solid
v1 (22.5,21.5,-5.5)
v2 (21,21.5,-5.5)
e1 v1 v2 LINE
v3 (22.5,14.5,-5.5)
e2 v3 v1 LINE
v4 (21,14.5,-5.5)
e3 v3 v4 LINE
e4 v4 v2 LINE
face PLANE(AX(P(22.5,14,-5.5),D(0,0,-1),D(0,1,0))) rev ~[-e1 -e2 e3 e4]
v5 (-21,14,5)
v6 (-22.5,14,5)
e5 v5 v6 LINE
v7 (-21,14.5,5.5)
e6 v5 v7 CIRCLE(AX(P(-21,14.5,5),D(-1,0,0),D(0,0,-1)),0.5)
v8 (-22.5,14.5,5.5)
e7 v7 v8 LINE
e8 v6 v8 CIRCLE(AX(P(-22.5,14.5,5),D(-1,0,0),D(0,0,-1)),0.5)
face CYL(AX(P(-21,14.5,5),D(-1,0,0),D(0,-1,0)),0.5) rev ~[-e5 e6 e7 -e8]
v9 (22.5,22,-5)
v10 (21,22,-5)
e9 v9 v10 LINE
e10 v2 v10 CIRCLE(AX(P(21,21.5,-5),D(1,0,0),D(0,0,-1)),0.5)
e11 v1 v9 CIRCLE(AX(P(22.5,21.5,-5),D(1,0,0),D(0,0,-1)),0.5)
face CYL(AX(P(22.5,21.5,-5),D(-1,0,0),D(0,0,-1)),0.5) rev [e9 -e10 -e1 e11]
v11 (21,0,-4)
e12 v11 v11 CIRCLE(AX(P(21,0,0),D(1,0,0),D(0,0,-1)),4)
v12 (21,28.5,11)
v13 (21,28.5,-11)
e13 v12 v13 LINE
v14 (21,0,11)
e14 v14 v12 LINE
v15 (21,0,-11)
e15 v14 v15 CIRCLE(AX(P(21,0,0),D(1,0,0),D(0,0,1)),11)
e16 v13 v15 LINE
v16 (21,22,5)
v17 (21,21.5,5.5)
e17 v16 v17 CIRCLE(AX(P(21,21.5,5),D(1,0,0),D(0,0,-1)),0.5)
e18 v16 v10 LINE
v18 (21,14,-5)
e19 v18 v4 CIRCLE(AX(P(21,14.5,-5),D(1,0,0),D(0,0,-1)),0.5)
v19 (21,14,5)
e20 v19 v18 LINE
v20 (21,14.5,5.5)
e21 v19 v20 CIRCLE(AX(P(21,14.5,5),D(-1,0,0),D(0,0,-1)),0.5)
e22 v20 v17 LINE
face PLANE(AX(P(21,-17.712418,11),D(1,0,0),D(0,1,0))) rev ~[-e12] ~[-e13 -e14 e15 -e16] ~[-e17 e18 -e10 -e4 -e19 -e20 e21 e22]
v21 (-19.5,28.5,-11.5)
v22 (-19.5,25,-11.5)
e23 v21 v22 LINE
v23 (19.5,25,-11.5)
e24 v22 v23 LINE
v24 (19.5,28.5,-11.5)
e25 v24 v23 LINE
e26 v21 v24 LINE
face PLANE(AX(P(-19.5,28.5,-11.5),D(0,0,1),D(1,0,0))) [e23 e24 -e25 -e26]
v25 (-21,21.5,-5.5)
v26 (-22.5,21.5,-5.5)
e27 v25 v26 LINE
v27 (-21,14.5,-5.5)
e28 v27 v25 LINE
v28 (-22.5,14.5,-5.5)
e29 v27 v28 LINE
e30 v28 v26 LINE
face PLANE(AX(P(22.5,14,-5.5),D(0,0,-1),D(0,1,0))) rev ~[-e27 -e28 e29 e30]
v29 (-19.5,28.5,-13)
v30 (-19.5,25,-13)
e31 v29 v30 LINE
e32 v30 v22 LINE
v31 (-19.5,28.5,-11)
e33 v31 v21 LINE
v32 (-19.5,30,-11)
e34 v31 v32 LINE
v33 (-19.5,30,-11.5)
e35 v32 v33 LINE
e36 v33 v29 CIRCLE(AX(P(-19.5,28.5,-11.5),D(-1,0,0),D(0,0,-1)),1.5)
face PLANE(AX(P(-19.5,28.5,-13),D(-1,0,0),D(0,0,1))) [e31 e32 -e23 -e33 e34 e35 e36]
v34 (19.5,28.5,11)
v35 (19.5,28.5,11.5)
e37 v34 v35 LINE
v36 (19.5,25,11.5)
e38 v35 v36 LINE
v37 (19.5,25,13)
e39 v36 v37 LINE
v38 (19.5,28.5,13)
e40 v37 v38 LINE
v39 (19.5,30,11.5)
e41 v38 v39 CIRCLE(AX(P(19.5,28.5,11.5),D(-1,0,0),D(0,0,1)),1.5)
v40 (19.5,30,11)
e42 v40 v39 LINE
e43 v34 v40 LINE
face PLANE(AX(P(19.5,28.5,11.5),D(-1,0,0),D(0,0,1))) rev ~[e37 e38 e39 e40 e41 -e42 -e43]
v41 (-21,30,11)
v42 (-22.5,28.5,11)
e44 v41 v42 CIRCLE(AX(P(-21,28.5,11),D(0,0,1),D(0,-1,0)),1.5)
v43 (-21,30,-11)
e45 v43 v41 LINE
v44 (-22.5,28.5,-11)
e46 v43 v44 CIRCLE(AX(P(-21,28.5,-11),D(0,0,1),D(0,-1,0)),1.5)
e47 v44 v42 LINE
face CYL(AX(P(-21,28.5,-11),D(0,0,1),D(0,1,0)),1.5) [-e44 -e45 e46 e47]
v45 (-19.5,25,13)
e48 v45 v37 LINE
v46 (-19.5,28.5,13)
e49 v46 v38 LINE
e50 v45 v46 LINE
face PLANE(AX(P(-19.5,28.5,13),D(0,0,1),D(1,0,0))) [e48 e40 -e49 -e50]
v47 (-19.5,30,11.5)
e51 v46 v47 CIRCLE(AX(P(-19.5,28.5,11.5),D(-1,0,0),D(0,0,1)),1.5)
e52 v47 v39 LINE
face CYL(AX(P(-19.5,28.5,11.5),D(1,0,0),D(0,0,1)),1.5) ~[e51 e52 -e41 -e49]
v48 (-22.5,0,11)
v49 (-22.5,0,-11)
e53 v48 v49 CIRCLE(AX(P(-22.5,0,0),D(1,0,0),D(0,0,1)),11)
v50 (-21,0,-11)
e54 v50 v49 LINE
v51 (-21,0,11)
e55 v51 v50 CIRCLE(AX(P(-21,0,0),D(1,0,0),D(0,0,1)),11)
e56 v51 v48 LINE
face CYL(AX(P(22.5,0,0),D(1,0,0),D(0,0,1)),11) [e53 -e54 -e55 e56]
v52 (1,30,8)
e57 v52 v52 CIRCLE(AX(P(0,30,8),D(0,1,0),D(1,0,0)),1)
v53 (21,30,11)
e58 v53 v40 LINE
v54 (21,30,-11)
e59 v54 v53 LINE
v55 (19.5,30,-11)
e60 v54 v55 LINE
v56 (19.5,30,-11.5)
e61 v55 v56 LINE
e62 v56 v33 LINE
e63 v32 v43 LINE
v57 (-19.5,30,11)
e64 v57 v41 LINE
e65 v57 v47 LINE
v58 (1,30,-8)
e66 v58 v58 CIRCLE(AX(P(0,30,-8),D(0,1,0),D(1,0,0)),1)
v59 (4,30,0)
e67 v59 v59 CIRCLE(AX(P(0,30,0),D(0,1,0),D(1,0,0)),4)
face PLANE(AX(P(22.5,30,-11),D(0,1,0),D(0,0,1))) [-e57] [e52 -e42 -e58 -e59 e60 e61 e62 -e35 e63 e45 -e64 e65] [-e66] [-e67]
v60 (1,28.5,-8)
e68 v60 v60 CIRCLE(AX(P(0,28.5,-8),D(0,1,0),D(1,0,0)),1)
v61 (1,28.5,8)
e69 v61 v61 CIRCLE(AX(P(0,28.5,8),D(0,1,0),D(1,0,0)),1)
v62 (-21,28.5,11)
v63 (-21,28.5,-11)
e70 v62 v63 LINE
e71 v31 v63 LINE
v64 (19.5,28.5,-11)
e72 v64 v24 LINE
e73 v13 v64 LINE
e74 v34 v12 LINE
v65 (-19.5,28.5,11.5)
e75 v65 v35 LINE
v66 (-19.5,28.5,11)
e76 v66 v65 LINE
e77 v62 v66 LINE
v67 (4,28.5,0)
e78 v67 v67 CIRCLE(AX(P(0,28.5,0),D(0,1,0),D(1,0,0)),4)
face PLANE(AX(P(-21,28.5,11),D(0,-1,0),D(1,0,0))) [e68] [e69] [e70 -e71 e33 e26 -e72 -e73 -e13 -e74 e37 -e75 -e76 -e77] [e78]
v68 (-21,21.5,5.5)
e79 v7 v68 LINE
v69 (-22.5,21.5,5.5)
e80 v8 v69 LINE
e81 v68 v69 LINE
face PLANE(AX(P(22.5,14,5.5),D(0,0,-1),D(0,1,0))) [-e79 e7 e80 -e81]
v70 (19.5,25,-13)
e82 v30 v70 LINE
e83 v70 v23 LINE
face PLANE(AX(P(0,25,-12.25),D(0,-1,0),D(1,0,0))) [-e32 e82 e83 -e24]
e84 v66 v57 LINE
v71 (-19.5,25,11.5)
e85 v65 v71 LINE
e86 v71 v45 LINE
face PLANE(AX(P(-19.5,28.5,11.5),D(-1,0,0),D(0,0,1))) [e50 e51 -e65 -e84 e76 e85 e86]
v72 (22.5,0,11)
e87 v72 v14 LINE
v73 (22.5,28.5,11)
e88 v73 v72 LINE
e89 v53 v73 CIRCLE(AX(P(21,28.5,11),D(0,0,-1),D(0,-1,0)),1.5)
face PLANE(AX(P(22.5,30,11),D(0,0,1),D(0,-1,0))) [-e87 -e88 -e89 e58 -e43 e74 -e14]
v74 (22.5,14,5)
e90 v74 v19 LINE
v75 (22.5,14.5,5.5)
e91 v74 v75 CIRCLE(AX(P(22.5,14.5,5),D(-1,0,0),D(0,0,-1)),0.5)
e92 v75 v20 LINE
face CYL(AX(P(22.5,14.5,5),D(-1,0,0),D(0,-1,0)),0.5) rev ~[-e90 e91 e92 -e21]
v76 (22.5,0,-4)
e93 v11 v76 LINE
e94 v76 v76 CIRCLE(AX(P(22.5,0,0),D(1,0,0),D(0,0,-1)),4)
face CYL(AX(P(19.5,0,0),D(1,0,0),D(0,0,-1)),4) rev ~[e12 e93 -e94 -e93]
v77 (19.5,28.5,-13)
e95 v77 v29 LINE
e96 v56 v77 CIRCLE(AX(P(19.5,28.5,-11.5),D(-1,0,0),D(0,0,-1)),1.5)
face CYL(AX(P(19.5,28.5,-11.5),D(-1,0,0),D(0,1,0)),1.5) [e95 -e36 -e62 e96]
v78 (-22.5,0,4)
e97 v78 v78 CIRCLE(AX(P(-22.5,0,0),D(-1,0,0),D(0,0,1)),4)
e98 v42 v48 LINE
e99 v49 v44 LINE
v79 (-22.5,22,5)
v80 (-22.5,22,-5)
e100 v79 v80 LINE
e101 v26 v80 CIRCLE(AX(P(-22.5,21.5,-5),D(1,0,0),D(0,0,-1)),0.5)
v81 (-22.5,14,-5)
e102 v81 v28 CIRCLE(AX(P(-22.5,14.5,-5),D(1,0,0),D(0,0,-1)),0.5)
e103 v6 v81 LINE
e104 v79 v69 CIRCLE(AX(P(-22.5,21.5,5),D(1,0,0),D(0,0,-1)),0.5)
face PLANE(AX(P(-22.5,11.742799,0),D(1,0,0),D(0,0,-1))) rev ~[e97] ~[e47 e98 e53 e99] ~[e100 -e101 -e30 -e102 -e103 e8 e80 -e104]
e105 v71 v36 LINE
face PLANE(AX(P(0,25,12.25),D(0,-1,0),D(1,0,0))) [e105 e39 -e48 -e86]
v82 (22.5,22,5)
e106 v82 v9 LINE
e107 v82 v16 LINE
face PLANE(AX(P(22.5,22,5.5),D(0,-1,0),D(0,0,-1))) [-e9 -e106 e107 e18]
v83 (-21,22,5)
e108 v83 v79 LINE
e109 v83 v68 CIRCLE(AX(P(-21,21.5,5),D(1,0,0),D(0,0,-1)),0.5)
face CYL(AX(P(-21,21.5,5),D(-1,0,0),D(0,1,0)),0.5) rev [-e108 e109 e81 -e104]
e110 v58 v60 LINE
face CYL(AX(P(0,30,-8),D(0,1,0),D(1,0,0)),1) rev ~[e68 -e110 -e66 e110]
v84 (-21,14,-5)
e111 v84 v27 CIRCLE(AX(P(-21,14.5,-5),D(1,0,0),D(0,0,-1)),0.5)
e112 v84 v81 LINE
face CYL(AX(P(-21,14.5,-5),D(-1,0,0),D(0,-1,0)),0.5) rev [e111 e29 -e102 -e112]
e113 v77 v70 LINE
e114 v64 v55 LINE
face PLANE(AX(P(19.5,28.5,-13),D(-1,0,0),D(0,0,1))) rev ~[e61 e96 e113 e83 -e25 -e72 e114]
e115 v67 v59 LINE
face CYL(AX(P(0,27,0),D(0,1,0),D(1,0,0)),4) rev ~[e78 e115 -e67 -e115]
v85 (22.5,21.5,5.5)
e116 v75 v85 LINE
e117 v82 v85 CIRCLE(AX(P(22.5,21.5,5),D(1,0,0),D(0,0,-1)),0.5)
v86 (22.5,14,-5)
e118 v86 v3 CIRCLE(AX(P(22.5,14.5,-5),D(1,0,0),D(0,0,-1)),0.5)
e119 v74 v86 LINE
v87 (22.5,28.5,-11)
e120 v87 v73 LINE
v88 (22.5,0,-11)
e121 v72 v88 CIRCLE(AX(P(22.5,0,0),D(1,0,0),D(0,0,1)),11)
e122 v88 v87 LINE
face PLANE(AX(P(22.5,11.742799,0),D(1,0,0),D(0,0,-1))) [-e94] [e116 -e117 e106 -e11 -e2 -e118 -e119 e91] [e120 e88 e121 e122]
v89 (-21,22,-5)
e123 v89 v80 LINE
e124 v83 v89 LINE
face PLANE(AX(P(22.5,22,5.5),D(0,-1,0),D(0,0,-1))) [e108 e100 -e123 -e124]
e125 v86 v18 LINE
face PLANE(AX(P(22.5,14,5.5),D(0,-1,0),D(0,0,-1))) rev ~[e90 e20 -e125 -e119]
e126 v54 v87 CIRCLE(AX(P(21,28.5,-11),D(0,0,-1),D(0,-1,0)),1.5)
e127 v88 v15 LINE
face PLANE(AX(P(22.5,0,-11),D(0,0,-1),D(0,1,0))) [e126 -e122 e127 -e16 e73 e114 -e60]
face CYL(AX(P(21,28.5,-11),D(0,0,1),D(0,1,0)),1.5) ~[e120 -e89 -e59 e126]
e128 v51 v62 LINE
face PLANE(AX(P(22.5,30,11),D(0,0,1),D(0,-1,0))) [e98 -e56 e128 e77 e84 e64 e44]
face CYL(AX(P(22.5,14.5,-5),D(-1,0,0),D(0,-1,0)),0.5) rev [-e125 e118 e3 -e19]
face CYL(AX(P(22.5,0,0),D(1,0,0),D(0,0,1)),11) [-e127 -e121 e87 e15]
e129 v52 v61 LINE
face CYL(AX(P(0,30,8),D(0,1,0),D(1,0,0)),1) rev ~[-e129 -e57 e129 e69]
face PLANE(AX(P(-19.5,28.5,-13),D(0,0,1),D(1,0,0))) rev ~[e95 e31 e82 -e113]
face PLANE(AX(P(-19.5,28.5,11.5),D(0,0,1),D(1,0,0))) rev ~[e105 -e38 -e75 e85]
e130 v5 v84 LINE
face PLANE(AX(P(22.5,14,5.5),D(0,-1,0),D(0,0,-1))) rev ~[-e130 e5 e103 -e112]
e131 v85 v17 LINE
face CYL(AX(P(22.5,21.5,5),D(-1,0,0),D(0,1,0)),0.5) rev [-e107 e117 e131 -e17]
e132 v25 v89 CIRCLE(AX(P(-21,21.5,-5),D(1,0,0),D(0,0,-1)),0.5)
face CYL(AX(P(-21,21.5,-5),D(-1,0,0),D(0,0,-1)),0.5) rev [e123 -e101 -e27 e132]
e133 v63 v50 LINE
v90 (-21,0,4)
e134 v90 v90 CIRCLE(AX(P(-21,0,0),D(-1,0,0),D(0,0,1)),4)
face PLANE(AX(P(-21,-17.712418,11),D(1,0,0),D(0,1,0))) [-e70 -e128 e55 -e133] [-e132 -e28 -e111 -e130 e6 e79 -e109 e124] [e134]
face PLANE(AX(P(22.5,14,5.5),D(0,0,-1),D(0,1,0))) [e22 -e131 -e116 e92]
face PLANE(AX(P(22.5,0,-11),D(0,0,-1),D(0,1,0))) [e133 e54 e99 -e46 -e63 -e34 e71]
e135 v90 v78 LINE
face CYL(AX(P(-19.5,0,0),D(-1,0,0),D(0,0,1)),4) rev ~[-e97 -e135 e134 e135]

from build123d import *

# Parameters (mm, degrees)
BOSS_EXTRUDE1_DEPTH          = 45
SKETCH2_W                    = 42
SKETCH2_H                    = 46.212418486
CUT_EXTRUDE1_DEPTH           = 23
SKETCH3_W                    = 39
SKETCH3_H                    = 1.5
BOSS_EXTRUDE2_DEPTH          = 2
SKETCH4_W                    = 39
SKETCH4_H                    = 1.5
BOSS_EXTRUDE3_DEPTH          = 3.5
SKETCH5_W                    = 39
SKETCH5_H                    = 1.5
BOSS_EXTRUDE4_DEPTH          = 2
SKETCH6_W                    = 39
SKETCH6_H                    = 1.5
BOSS_EXTRUDE5_DEPTH          = 3.5
F_8_0_8_DIAMETER_HOLE1_D     = 8
F_8_0_8_DIAMETER_HOLE1_DEPTH = 1.5
F_8_0_8_DIAMETER_HOLE2_D     = 8
F_8_0_8_DIAMETER_HOLE2_DEPTH = 1.5
F_8_0_8_DIAMETER_HOLE3_D     = 8
F_8_0_8_DIAMETER_HOLE3_DEPTH = 1.5
FILLET1_R                    = 1.5
SKETCH13_R                   = 1
CUT_EXTRUDE2_DEPTH           = 2
SKETCH14_W                   = 11
SKETCH14_H                   = 8
CUT_EXTRUDE3_DEPTH           = 45
FILLET2_R                    = 0.5


with BuildPart() as part:
    # Sketch1 → Boss-Extrude1 (new body)
    with BuildSketch(Plane(origin=(22.5, 0, 0), x_dir=(0, 0, -1), z_dir=(1, 0, 0))):
        with BuildLine():
            Line((-11, 30), (-11, 0))
            ThreePointArc((-11, 0), (0, -11), (11, 0))
            Line((11, 0), (11, 30))
            Line((11, 30), (-11, 30))
        make_face()
    extrude(amount=-BOSS_EXTRUDE1_DEPTH)

    # Sketch2 → Cut-Extrude1 (cut, through all)
    with BuildSketch(Plane.XY.offset(11)):
        with Locations((0, 5.393790757)):
            Rectangle(SKETCH2_W, SKETCH2_H)
    extrude(amount=-CUT_EXTRUDE1_DEPTH, mode=Mode.SUBTRACT)

    # Sketch3 → Boss-Extrude2 (add)
    with BuildSketch(Plane(origin=(0, 0, -11), x_dir=(-1, 0, 0), z_dir=(0, 0, -1))):
        with Locations((0, 29.25)):
            Rectangle(SKETCH3_W, SKETCH3_H)
    extrude(amount=BOSS_EXTRUDE2_DEPTH)

    # Sketch4 → Boss-Extrude3 (add)
    with BuildSketch(Plane.XZ.offset(-28.5)):
        with Locations((0, -12.25)):
            Rectangle(SKETCH4_W, SKETCH4_H)
    extrude(amount=BOSS_EXTRUDE3_DEPTH)

    # Sketch5 → Boss-Extrude4 (add)
    with BuildSketch(Plane.XY.offset(11)):
        with Locations((0, 29.25)):
            Rectangle(SKETCH5_W, SKETCH5_H)
    extrude(amount=BOSS_EXTRUDE4_DEPTH)

    # Sketch6 → Boss-Extrude5 (add)
    with BuildSketch(Plane.XZ.offset(-28.5)):
        with Locations((0, 12.25)):
            Rectangle(SKETCH6_W, SKETCH6_H)
    extrude(amount=BOSS_EXTRUDE5_DEPTH)

    # Ø8.0 (8) Diameter Hole1
    with Locations(Plane(origin=(0, 28.5, 0), x_dir=(-1, 0, 0), z_dir=(0, -1, 0))):
        with Locations((0, 0)):
            Hole(F_8_0_8_DIAMETER_HOLE1_D / 2, depth=F_8_0_8_DIAMETER_HOLE1_DEPTH)

    # Ø8.0 (8) Diameter Hole2
    with Locations(Plane(origin=(-21, 0, 0), x_dir=(0, 0, -1), z_dir=(1, 0, 0))):
        with Locations((0, 0)):
            Hole(F_8_0_8_DIAMETER_HOLE2_D / 2, depth=F_8_0_8_DIAMETER_HOLE2_DEPTH)

    # Ø8.0 (8) Diameter Hole3
    with Locations(Plane.ZY.offset(-21)):
        with Locations((0, 0)):
            Hole(F_8_0_8_DIAMETER_HOLE3_D / 2, depth=F_8_0_8_DIAMETER_HOLE3_DEPTH)

    # Fillet1
    fillet1_edges = [part.edges().sort_by_distance(p)[0] for p in [
        (0, 30, -13),
        (-22.5, 30, 0),
        (22.5, 30, 0),
        (0, 30, 13),
    ]]
    fillet(fillet1_edges, radius=FILLET1_R)

    # Sketch13 → Cut-Extrude2 (cut)
    with BuildSketch(Plane(origin=(0, 30, 0), x_dir=(1, 0, 0), z_dir=(0, 1, 0))):
        with Locations((0, 8)):
            Circle(SKETCH13_R)
        with Locations((0, -8)):
            Circle(SKETCH13_R)
    extrude(amount=-CUT_EXTRUDE2_DEPTH, mode=Mode.SUBTRACT)

    # Sketch14 → Cut-Extrude3 (cut)
    with BuildSketch(Plane(origin=(22.5, 0, 0), x_dir=(0, 0, -1), z_dir=(1, 0, 0))):
        with Locations((0, 18)):
            Rectangle(SKETCH14_W, SKETCH14_H)
    extrude(amount=-CUT_EXTRUDE3_DEPTH, mode=Mode.SUBTRACT)

    # Fillet2
    fillet2_edges = [part.edges().sort_by_distance(p)[0] for p in [
        (-21.75, 14, 5.5),
        (21.75, 14, 5.5),
        (-21.75, 22, 5.5),
        (21.75, 22, 5.5),
        (-21.75, 22, -5.5),
        (21.75, 22, -5.5),
        (-21.75, 14, -5.5),
        (21.75, 14, -5.5),
    ]]
    fillet(fillet2_edges, radius=FILLET2_R)


solid = part.part
